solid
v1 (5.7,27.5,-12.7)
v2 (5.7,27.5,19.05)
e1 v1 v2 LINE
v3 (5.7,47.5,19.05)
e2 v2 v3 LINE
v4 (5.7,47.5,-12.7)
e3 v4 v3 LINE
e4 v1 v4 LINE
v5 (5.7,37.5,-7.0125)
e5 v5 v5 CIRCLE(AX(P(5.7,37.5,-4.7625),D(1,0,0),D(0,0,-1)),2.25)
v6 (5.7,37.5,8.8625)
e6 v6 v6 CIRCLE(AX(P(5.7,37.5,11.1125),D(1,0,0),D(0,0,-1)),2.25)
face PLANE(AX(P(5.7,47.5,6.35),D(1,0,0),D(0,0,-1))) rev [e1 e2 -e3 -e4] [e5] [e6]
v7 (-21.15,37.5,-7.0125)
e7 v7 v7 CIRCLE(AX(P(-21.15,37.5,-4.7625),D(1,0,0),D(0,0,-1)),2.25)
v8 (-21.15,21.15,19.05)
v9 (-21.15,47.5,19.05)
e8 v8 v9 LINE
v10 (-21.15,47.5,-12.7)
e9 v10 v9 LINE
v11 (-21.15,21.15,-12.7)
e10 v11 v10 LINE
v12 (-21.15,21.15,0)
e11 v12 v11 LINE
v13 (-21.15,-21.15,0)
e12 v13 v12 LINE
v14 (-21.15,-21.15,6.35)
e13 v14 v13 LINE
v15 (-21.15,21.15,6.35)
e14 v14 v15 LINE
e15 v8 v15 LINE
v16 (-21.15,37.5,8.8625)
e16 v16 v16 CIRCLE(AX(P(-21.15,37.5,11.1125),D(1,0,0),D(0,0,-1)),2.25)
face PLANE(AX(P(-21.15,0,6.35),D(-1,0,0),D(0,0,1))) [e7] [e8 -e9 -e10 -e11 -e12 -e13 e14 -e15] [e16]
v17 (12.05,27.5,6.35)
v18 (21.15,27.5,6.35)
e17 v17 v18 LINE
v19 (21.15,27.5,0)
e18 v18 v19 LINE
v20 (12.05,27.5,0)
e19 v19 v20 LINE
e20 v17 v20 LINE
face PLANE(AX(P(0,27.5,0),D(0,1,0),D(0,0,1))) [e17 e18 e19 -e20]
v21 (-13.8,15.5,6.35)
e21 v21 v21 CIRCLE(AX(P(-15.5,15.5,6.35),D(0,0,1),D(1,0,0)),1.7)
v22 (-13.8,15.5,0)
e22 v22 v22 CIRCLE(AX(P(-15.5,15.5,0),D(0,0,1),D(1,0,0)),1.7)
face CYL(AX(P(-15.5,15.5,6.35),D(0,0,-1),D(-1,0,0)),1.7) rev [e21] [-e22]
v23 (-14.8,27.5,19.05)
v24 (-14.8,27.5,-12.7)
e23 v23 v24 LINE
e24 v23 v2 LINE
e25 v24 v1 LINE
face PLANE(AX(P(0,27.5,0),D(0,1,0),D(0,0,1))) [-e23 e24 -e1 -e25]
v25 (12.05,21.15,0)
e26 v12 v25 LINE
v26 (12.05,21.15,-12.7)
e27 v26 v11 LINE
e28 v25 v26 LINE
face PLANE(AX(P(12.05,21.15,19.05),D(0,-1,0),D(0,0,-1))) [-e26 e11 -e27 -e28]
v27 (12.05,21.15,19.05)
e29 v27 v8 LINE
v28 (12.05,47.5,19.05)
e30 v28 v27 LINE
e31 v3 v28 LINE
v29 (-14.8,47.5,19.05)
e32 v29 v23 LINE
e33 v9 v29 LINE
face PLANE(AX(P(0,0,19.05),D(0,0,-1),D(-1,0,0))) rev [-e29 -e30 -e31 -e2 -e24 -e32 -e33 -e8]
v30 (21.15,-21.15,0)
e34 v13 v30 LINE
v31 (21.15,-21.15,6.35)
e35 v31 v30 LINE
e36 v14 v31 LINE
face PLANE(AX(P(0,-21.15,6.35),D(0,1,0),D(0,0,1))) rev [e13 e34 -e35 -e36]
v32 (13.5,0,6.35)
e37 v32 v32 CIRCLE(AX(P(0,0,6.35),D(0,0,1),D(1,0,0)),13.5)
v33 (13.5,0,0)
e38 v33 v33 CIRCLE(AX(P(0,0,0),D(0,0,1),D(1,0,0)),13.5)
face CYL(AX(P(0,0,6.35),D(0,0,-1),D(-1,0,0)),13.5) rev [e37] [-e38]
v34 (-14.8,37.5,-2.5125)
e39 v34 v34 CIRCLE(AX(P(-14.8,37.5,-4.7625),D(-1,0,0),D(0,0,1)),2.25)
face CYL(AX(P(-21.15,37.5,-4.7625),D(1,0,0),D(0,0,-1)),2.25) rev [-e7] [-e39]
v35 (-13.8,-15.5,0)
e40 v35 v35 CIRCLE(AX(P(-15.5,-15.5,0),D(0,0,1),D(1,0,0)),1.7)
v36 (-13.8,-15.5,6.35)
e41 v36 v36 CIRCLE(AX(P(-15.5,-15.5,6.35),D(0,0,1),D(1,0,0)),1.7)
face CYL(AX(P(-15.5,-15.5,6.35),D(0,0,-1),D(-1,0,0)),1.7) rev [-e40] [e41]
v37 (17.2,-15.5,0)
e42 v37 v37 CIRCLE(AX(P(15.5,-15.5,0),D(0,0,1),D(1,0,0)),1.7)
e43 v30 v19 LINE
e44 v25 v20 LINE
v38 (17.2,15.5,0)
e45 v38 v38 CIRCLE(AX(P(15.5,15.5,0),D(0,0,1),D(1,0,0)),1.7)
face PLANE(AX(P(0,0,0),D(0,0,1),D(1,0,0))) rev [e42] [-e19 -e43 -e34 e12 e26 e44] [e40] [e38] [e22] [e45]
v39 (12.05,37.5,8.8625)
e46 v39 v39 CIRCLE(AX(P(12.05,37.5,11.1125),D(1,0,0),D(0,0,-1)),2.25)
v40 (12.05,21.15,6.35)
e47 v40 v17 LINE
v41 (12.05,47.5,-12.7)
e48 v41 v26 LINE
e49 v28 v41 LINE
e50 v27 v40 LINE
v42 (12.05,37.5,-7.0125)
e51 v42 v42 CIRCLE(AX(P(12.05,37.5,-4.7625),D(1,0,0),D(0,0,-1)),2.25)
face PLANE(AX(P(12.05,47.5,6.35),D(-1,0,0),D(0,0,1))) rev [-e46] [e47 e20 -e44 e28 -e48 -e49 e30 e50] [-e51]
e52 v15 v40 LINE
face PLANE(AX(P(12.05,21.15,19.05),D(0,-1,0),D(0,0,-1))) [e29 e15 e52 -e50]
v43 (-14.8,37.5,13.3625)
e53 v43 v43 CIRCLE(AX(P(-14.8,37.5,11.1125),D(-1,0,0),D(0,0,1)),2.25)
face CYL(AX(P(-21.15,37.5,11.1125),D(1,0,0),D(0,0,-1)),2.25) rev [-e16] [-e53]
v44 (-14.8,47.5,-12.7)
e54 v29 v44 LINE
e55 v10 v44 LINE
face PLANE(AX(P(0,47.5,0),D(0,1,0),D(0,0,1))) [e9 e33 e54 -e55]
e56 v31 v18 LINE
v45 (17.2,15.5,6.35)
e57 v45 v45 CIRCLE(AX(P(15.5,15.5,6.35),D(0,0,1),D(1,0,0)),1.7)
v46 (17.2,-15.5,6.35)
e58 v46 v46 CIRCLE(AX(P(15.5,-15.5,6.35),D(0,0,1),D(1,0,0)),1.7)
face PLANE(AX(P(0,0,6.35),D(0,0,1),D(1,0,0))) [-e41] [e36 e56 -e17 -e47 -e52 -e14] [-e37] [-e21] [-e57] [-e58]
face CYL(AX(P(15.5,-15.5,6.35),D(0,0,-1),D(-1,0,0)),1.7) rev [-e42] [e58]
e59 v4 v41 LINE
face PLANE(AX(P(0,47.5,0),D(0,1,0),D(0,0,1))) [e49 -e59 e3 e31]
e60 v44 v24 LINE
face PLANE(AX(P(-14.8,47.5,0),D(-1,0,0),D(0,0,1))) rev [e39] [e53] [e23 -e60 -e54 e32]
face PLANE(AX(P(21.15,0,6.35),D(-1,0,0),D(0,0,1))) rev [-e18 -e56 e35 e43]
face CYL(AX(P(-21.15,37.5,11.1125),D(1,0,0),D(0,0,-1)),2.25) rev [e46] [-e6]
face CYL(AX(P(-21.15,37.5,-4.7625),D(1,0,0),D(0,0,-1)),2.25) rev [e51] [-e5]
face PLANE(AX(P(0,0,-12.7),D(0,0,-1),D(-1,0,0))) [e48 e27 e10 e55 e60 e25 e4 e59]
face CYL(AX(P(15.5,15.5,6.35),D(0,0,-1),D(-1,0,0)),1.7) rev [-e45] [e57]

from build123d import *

# Parameters (mm, degrees)
SKETCH6_W                = 42.3
SKETCH6_H                = 42.3
SKETCH6_R                = 1.7
SKETCH6_R_2              = 13.5
BOSS_EXTRUDE4_DEPTH      = 6.35
SKETCH7_W                = 42.3
SKETCH7_H                = 6.35
BOSS_EXTRUDE5_DEPTH      = 6.35
SKETCH9_W                = 6.35
SKETCH9_H                = 6.35
BOSS_EXTRUDE7_DEPTH      = 20
BOSS_EXTRUDE9_DEPTH      = 12.7
BOSS_EXTRUDE9_DEPTH_BACK = 19.05
CUT_EXTRUDE3_DEPTH       = 62.003217128


with BuildPart() as part:
    # Sketch6 → Boss-Extrude4 (new body)
    with BuildSketch(Plane.XY):
        Rectangle(SKETCH6_W, SKETCH6_H)
        with Locations((-15.5, 15.5)):
            Circle(SKETCH6_R, mode=Mode.SUBTRACT)
        with Locations((15.5, 15.5)):
            Circle(SKETCH6_R, mode=Mode.SUBTRACT)
        with Locations((15.5, -15.5)):
            Circle(SKETCH6_R, mode=Mode.SUBTRACT)
        with Locations((-15.5, -15.5)):
            Circle(SKETCH6_R, mode=Mode.SUBTRACT)
        Circle(SKETCH6_R_2, mode=Mode.SUBTRACT)
    extrude(amount=BOSS_EXTRUDE4_DEPTH)

    # Sketch7 → Boss-Extrude5 (add)
    with BuildSketch(Plane(origin=(0, 21.15, 0), x_dir=(1, 0, 0), z_dir=(0, 1, 0))):
        with Locations((0, -3.175)):
            Rectangle(SKETCH7_W, SKETCH7_H)
    extrude(amount=BOSS_EXTRUDE5_DEPTH)

    # Sketch9 → Boss-Extrude7 (add)
    with BuildSketch(Plane(origin=(0, 27.5, 0), x_dir=(1, 0, 0), z_dir=(0, 1, 0))):
        with Locations((-17.975, -3.175)):
            Rectangle(SKETCH9_W, SKETCH9_H)
        with Locations((8.875, -3.175)):
            Rectangle(SKETCH9_W, SKETCH9_H)
    extrude(amount=BOSS_EXTRUDE7_DEPTH)

    # Sketch11 → Boss-Extrude9 (add, two sides: drawn at the far end of the back side and taken through both)
    with BuildSketch(Plane(origin=(0, 0, 0), x_dir=(-1, 0, 0), z_dir=(0, 0, -1)).offset(-BOSS_EXTRUDE9_DEPTH_BACK)):
        Polygon((-12.05, 47.5), (-12.05, 27.5), (-12.05, 21.15), (21.15, 21.15), (21.15, 47.5), (14.8, 47.5), (14.8, 27.5), (-5.7, 27.5), (-5.7, 47.5), align=None)
    extrude(amount=BOSS_EXTRUDE9_DEPTH + BOSS_EXTRUDE9_DEPTH_BACK)

    # Sketch12 → Cut-Extrude3 (cut, through all)
    with BuildSketch(Plane(origin=(12.05, 0, 0), x_dir=(0, 0, -1), z_dir=(1, 0, 0))):
        with BuildLine():
            ThreePointArc((2.5125, 37.5), (4.7625, 35.25), (7.0125, 37.5))
            Line((7.0125, 37.5), (2.5125, 37.5))
        make_face()
        with BuildLine():
            Line((2.5125, 37.5), (7.0125, 37.5))
            ThreePointArc((7.0125, 37.5), (4.7625, 39.75), (2.5125, 37.5))
        make_face()
        with BuildLine():
            ThreePointArc((-13.3625, 37.5), (-11.1125, 35.25), (-8.8625, 37.5))
            Line((-8.8625, 37.5), (-13.3625, 37.5))
        make_face()
        with BuildLine():
            Line((-13.3625, 37.5), (-8.8625, 37.5))
            ThreePointArc((-8.8625, 37.5), (-11.1125, 39.75), (-13.3625, 37.5))
        make_face()
    extrude(amount=-CUT_EXTRUDE3_DEPTH, mode=Mode.SUBTRACT)


solid = part.part
